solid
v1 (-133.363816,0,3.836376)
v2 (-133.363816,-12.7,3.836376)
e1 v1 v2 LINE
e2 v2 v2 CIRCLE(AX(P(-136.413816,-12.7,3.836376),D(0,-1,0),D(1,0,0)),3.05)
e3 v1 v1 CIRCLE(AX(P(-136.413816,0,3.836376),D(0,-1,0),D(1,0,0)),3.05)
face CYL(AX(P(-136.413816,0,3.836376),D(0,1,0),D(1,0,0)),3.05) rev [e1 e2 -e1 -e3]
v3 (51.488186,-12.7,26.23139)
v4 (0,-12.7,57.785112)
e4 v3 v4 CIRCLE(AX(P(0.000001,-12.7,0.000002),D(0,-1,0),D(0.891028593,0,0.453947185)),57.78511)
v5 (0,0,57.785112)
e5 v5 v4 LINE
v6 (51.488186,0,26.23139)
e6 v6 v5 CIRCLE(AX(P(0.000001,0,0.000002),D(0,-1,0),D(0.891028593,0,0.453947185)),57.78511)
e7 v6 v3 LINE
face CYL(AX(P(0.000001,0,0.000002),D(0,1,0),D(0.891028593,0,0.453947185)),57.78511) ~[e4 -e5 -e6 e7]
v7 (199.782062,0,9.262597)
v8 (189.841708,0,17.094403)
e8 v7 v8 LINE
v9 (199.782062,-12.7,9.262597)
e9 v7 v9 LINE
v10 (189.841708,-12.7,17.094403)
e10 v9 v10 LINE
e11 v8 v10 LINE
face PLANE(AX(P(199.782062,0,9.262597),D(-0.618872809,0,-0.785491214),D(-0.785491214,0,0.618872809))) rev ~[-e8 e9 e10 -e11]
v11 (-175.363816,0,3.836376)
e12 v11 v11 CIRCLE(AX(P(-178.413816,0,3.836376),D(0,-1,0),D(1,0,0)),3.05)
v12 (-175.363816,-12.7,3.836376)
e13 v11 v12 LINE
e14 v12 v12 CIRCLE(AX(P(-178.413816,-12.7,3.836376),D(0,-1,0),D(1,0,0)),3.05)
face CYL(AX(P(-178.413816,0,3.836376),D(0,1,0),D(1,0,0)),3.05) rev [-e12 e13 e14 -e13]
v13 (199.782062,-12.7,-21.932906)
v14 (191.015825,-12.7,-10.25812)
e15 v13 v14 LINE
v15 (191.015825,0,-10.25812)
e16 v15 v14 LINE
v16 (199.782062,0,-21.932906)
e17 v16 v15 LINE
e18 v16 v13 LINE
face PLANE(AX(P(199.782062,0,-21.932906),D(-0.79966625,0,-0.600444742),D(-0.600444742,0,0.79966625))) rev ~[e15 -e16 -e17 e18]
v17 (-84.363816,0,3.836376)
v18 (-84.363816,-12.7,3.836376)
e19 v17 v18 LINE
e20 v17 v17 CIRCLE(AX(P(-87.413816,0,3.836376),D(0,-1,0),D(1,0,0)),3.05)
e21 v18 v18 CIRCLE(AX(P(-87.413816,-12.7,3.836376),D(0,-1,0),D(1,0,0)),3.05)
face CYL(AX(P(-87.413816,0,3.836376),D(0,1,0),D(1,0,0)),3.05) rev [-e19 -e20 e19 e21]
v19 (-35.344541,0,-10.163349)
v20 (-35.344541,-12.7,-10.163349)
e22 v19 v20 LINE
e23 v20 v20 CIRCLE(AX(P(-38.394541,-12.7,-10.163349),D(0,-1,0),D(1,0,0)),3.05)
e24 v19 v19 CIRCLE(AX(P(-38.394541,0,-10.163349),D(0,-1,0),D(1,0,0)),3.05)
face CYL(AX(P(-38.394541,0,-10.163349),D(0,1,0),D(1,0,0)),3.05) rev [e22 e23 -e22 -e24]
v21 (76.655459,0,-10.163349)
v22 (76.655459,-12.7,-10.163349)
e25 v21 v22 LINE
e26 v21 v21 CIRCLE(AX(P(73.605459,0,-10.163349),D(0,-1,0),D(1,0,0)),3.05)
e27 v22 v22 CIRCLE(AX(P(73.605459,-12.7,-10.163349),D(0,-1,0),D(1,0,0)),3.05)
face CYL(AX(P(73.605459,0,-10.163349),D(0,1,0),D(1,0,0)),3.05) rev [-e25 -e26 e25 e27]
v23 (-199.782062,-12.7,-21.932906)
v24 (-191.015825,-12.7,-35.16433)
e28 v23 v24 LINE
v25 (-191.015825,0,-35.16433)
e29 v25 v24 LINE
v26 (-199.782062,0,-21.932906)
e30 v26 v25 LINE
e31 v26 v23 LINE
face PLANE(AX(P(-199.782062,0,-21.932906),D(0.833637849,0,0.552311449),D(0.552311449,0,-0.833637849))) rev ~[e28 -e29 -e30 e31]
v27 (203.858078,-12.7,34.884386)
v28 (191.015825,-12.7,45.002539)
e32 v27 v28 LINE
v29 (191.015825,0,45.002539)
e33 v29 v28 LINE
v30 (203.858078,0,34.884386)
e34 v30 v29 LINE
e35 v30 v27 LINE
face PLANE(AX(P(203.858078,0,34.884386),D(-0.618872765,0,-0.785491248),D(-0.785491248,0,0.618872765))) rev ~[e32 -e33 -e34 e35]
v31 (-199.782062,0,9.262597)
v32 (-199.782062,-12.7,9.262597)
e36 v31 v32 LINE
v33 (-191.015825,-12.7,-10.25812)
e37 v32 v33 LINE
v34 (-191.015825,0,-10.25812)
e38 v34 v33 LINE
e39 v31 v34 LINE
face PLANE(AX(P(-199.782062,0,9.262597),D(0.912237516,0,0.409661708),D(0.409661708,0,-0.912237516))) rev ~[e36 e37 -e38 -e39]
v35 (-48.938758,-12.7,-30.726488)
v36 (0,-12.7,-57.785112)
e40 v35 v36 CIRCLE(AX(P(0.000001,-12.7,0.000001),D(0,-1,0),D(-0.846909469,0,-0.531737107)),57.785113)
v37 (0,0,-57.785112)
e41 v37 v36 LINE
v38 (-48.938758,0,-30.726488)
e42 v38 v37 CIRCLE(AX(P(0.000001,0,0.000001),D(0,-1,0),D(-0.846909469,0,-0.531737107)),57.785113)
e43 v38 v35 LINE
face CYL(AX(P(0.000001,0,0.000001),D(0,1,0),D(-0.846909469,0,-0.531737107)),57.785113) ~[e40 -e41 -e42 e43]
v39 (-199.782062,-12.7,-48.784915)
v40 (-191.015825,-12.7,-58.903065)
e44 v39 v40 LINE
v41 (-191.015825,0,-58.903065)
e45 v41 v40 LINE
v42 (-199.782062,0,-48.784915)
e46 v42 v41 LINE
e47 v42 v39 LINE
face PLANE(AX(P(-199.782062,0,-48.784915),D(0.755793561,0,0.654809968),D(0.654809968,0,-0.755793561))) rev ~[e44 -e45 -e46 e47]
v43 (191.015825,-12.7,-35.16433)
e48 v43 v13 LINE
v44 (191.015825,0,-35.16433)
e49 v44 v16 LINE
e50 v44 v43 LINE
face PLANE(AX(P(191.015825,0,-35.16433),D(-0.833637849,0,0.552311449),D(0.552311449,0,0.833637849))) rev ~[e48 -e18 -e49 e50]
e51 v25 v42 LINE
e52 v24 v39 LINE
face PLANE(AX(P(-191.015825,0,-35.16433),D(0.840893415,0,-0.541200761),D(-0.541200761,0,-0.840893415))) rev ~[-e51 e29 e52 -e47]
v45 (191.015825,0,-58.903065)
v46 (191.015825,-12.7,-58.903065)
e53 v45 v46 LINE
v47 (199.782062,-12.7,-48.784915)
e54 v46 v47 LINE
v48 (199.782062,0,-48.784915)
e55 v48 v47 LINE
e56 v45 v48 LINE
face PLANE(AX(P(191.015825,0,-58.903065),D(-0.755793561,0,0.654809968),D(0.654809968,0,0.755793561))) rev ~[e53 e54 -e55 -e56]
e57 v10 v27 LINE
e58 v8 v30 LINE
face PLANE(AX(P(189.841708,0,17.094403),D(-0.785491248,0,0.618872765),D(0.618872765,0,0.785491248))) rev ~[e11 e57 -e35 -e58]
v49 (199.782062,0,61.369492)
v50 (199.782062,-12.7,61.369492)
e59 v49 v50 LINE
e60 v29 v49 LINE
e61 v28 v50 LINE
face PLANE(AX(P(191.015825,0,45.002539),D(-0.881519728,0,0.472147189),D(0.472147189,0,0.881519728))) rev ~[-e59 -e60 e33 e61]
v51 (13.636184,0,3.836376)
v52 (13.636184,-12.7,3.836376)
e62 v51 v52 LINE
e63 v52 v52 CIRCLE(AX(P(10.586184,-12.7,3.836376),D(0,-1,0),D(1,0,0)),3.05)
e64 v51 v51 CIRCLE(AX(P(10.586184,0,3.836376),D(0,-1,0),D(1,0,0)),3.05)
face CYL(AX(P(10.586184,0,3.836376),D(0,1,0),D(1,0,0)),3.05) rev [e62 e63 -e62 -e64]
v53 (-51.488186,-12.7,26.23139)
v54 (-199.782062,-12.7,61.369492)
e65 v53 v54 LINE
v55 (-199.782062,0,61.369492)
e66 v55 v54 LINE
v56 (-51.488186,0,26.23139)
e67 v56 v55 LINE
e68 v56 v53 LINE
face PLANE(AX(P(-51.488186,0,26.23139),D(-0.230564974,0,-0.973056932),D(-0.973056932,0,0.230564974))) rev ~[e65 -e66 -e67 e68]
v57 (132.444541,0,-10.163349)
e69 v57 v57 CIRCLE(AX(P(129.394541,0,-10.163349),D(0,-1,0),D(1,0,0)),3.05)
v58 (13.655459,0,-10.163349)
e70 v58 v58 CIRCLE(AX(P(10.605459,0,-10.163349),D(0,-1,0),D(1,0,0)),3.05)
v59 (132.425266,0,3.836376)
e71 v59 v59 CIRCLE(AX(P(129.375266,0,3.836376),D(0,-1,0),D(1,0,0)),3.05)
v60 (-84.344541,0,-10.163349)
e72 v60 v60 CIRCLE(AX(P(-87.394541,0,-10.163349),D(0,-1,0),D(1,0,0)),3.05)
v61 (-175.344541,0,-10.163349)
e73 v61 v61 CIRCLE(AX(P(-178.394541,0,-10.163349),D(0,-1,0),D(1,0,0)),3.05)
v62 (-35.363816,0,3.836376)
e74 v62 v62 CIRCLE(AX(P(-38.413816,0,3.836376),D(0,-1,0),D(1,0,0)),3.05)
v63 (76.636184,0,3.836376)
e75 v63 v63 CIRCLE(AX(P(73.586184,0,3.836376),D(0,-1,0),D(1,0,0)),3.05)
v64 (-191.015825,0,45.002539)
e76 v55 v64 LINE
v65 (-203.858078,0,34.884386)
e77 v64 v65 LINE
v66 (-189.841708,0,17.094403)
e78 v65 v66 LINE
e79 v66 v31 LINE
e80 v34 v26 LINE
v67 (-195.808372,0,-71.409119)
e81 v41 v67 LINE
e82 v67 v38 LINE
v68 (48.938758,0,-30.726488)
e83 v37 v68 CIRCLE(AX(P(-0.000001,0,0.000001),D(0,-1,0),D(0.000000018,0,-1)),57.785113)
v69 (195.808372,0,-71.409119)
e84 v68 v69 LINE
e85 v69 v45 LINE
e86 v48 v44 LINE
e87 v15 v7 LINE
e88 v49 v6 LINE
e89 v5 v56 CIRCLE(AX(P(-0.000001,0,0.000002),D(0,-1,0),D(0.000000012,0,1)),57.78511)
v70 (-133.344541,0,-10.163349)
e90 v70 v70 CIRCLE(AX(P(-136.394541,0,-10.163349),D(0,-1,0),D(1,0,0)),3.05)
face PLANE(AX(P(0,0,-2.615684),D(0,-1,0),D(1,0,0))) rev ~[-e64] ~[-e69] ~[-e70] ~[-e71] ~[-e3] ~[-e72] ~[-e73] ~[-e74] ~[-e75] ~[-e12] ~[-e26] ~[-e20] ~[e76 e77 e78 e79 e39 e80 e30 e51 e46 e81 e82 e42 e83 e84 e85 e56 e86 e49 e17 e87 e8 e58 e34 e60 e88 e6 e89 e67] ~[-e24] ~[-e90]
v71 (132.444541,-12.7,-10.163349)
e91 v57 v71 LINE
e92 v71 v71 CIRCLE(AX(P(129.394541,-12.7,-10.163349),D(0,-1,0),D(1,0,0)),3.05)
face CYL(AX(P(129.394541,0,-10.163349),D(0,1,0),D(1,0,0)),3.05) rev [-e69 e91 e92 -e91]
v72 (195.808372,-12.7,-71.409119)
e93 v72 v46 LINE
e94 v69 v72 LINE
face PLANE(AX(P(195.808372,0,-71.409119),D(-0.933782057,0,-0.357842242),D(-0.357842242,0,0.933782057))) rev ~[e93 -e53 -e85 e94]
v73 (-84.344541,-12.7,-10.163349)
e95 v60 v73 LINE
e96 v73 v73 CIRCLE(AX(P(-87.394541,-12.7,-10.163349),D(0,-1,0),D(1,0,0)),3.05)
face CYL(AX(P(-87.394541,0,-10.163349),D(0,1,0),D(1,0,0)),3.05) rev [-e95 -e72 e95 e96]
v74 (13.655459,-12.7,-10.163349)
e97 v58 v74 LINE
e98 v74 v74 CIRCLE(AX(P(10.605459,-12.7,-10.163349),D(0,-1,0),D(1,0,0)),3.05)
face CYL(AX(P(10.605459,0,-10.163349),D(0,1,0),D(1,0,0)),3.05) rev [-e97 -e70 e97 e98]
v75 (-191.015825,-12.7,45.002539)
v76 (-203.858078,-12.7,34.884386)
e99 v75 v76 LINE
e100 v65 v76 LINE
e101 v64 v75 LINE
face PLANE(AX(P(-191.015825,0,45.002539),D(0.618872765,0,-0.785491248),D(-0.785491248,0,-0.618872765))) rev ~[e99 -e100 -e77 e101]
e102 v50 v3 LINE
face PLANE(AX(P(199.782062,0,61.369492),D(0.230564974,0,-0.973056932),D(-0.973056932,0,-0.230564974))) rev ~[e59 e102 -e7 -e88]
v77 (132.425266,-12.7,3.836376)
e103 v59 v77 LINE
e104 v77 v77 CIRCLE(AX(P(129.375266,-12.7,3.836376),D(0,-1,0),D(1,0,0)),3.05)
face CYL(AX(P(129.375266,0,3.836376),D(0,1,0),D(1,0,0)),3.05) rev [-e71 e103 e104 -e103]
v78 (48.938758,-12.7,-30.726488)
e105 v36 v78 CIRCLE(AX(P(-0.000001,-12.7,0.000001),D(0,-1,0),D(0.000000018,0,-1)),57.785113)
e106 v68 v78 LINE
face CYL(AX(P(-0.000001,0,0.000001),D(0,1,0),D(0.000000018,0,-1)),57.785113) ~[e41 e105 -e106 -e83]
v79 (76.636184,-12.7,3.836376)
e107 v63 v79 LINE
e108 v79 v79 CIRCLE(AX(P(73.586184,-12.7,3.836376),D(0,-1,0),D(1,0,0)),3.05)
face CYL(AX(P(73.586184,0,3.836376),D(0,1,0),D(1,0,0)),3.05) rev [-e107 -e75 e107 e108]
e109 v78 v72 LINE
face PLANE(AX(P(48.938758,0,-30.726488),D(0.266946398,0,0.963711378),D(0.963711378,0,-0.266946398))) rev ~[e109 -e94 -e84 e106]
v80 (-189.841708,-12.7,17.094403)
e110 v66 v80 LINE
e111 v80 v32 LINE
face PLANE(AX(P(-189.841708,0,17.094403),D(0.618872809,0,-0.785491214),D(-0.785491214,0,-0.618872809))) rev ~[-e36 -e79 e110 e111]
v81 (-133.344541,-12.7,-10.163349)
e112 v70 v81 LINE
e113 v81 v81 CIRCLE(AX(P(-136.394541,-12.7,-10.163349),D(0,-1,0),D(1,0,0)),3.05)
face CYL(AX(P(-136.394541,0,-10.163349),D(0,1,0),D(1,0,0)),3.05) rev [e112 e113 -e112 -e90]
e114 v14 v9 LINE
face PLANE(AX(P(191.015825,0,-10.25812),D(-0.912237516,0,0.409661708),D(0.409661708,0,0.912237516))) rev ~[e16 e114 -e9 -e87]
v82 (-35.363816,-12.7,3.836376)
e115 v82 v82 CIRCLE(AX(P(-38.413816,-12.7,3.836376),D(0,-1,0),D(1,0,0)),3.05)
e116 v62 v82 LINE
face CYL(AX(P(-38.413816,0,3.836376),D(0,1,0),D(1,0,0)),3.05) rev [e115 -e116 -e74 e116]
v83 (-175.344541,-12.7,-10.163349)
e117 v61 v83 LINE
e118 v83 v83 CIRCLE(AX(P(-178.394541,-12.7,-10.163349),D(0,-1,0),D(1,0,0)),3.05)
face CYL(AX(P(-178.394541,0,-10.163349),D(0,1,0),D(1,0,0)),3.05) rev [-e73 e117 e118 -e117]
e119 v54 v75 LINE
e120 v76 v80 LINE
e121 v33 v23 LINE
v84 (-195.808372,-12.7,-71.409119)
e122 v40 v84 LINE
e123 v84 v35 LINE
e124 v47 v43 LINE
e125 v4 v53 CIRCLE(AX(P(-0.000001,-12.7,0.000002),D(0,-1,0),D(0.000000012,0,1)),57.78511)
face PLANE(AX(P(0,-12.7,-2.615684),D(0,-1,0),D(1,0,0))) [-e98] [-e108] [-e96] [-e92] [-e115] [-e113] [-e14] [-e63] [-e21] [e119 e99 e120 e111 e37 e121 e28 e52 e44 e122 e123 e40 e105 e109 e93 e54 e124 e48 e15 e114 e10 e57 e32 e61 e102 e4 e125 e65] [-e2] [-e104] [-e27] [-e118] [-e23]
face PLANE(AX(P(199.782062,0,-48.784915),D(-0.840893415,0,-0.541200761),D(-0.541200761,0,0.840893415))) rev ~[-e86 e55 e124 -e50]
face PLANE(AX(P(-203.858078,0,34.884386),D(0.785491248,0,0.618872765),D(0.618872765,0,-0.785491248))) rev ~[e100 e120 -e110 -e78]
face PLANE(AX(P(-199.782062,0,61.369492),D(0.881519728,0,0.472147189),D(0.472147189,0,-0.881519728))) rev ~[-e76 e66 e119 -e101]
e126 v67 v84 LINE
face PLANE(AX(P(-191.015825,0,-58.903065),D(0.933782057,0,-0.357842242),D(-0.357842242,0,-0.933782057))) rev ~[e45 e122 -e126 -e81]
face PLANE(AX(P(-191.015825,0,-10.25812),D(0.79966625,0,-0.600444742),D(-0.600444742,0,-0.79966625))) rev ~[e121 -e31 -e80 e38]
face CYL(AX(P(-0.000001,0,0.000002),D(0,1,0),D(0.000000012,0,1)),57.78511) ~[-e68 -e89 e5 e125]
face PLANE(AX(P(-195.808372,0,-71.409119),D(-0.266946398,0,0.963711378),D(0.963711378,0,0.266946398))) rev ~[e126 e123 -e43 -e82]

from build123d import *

# Parameters (mm, degrees)
F0_R     = 3.05
F1_DEPTH = 12.7


with BuildPart() as f1:
    # F0 (on Front) → F1 (new body)
    with BuildSketch(Plane.XZ):
        with BuildLine():
            ThreePointArc((51.488186, 26.23139), (30.193835, 49.269174), (0, 57.785112))
            ThreePointArc((0, 57.785112), (-30.193835, 49.269174), (-51.488186, 26.23139))
            Line((-51.488186, 26.23139), (-199.782062, 61.369492))
            Line((-199.782062, 61.369492), (-191.015825, 45.002539))
            Line((-191.015825, 45.002539), (-203.858078, 34.884386))
            Line((-203.858078, 34.884386), (-189.841708, 17.094403))
            Line((-189.841708, 17.094403), (-199.782062, 9.262597))
            Line((-199.782062, 9.262597), (-191.015825, -10.25812))
            Line((-191.015825, -10.25812), (-199.782062, -21.932906))
            Line((-199.782062, -21.932906), (-191.015825, -35.16433))
            Line((-191.015825, -35.16433), (-199.782062, -48.784915))
            Line((-199.782062, -48.784915), (-191.015825, -58.903065))
            Line((-191.015825, -58.903065), (-195.808372, -71.409119))
            Line((-195.808372, -71.409119), (-48.938758, -30.726488))
            ThreePointArc((-48.938758, -30.726488), (-27.960558, -50.570014), (0, -57.785112))
            ThreePointArc((0, -57.785112), (27.960558, -50.570014), (48.938758, -30.726488))
            Line((48.938758, -30.726488), (195.808372, -71.409119))
            Line((195.808372, -71.409119), (191.015825, -58.903065))
            Line((191.015825, -58.903065), (199.782062, -48.784915))
            Line((199.782062, -48.784915), (191.015825, -35.16433))
            Line((191.015825, -35.16433), (199.782062, -21.932906))
            Line((199.782062, -21.932906), (191.015825, -10.25812))
            Line((191.015825, -10.25812), (199.782062, 9.262597))
            Line((199.782062, 9.262597), (189.841708, 17.094403))
            Line((189.841708, 17.094403), (203.858078, 34.884386))
            Line((203.858078, 34.884386), (191.015825, 45.002539))
            Line((191.015825, 45.002539), (199.782062, 61.369492))
            Line((199.782062, 61.369492), (51.488186, 26.23139))
        make_face()
        with Locations((-178.394541, -10.163349)):
            Circle(F0_R, mode=Mode.SUBTRACT)
        with Locations((-136.394541, -10.163349)):
            Circle(F0_R, mode=Mode.SUBTRACT)
        with Locations((-87.394541, -10.163349)):
            Circle(F0_R, mode=Mode.SUBTRACT)
        with Locations((-38.394541, -10.163349)):
            Circle(F0_R, mode=Mode.SUBTRACT)
        with Locations((10.605459, -10.163349)):
            Circle(F0_R, mode=Mode.SUBTRACT)
        with Locations((73.605459, -10.163349)):
            Circle(F0_R, mode=Mode.SUBTRACT)
        with Locations((129.394541, -10.163349)):
            Circle(F0_R, mode=Mode.SUBTRACT)
        with Locations((-178.413816, 3.836376)):
            Circle(F0_R, mode=Mode.SUBTRACT)
        with Locations((-136.413816, 3.836376)):
            Circle(F0_R, mode=Mode.SUBTRACT)
        with Locations((-87.413816, 3.836376)):
            Circle(F0_R, mode=Mode.SUBTRACT)
        with Locations((-38.413816, 3.836376)):
            Circle(F0_R, mode=Mode.SUBTRACT)
        with Locations((10.586184, 3.836376)):
            Circle(F0_R, mode=Mode.SUBTRACT)
        with Locations((73.586184, 3.836376)):
            Circle(F0_R, mode=Mode.SUBTRACT)
        with Locations((129.375266, 3.836376)):
            Circle(F0_R, mode=Mode.SUBTRACT)
    extrude(amount=F1_DEPTH)


solid = f1.part
